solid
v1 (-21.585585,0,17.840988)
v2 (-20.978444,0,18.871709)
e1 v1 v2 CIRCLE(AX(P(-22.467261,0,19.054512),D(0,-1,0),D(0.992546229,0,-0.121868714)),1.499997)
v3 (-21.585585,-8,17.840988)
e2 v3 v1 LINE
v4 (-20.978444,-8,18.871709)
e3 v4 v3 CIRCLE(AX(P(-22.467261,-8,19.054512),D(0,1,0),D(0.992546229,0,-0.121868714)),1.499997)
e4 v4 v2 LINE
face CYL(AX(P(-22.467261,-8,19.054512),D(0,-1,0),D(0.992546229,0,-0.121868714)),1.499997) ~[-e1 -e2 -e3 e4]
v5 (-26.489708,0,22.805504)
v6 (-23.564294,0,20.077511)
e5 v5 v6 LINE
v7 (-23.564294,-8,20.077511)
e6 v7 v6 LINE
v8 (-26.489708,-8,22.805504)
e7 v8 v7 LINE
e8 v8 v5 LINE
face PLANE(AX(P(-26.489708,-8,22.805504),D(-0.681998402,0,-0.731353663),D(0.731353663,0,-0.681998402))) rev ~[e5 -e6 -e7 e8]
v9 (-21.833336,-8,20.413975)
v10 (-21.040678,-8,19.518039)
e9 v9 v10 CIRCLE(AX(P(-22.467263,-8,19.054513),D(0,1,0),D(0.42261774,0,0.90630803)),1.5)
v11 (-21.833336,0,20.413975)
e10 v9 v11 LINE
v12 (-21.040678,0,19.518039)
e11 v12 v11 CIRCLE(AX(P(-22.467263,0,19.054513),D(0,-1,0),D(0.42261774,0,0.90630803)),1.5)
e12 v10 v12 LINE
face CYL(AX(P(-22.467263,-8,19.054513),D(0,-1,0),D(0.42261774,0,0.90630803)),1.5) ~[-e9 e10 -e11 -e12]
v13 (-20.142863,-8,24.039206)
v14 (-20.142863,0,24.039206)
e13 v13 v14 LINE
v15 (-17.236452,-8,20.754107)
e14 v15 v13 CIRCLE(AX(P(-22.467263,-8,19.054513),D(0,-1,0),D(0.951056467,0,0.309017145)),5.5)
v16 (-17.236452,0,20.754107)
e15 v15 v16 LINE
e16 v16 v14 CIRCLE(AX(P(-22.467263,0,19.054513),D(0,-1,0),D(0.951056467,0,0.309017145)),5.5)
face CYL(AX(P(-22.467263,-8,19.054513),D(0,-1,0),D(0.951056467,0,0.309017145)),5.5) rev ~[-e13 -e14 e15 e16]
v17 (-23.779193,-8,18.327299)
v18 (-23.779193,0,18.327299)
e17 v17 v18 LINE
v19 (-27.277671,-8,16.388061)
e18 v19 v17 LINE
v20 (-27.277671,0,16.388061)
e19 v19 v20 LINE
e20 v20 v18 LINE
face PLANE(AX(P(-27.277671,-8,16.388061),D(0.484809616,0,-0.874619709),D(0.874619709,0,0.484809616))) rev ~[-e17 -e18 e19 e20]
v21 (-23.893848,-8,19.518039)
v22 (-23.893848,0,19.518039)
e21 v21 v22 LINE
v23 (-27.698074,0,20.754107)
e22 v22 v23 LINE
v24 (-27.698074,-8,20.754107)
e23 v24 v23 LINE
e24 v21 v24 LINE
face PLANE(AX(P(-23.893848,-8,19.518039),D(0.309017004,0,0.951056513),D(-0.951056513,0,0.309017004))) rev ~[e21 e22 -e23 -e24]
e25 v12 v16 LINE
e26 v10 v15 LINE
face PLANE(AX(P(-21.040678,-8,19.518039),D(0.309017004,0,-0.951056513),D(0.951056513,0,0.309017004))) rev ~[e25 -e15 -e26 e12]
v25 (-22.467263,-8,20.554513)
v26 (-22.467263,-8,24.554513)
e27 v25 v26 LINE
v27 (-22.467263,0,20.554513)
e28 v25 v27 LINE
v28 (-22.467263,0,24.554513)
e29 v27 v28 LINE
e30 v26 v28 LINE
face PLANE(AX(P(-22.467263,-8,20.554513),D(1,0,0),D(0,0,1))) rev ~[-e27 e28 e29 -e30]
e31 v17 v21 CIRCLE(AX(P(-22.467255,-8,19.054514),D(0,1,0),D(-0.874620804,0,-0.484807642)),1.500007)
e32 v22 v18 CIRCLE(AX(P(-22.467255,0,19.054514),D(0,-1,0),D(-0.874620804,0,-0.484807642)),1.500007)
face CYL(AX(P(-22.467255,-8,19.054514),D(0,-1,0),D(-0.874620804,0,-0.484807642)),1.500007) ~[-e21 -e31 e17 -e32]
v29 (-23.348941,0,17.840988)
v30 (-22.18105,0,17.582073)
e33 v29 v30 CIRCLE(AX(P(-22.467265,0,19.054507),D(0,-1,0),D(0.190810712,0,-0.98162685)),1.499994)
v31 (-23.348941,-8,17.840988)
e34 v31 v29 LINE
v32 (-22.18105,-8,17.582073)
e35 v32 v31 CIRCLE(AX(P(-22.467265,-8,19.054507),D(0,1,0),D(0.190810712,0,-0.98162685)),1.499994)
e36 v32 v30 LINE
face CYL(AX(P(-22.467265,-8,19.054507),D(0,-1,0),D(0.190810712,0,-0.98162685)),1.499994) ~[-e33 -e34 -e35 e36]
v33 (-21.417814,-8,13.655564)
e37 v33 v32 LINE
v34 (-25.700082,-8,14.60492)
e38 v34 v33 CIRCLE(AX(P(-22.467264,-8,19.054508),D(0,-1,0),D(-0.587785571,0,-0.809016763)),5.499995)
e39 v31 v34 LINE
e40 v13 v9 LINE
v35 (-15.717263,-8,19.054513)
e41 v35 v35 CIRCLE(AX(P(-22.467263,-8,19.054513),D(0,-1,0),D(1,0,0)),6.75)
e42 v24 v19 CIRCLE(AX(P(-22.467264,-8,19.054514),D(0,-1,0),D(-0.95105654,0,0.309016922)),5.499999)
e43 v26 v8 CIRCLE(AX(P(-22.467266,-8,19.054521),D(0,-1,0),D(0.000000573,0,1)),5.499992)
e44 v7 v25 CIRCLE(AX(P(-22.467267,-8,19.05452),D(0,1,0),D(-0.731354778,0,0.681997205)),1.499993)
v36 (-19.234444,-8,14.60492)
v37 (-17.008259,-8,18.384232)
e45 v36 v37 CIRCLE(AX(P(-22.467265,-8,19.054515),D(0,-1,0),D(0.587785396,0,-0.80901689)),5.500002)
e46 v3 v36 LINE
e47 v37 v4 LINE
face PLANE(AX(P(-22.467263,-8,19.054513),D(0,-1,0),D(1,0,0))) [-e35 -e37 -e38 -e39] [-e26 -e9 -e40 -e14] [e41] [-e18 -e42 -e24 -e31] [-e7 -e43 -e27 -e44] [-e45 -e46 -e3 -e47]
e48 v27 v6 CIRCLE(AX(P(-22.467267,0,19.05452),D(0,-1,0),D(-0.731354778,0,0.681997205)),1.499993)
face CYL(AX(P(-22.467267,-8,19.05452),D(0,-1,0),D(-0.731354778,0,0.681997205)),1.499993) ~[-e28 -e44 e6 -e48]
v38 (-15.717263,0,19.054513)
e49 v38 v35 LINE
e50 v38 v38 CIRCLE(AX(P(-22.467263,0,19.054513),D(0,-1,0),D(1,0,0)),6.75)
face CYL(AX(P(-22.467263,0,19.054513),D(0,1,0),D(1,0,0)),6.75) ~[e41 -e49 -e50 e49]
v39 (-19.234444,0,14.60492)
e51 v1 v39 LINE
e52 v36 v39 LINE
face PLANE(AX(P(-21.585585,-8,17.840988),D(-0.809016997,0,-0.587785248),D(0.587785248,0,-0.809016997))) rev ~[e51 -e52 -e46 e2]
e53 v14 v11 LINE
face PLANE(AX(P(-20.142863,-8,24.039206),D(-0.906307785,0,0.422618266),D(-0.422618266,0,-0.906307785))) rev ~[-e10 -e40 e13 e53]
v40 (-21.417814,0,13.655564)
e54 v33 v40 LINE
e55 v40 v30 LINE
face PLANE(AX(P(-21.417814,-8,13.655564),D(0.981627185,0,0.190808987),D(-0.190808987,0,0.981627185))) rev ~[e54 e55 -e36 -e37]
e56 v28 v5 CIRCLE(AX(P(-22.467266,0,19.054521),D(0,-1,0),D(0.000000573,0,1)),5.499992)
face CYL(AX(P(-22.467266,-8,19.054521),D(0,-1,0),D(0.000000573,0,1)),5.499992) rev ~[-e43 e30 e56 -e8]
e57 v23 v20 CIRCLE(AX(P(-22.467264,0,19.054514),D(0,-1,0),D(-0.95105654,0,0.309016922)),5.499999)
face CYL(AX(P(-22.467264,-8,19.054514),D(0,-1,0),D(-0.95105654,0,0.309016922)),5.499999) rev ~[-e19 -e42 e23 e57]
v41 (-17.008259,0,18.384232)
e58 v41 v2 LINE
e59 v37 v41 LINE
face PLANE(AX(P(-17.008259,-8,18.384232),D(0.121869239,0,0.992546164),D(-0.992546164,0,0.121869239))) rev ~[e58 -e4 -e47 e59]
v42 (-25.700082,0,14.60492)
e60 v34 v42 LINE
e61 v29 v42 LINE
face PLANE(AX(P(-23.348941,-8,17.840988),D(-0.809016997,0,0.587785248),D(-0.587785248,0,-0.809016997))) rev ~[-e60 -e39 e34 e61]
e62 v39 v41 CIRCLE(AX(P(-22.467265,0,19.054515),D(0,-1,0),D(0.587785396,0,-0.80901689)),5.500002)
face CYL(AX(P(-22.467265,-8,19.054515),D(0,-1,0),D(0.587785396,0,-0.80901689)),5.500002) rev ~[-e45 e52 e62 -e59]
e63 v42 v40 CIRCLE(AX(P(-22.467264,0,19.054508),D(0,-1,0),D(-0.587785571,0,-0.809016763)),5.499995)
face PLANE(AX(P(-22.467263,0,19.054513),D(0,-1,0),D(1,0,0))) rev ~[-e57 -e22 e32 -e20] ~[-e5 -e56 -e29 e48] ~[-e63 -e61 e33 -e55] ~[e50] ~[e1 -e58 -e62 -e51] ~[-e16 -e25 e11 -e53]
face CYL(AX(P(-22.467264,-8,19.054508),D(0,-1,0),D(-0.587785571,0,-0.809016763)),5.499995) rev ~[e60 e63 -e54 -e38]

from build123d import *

# Parameters (mm, degrees)
F0_R     = 6.75
F1_DEPTH = 8
F3_DEPTH = 8.001


with BuildPart() as f1:
    # F0 (on Front) → F1 (new body)
    with BuildSketch(Plane.XZ):
        with Locations((-22.467263, 19.054513)):
            Circle(F0_R)
    extrude(amount=F1_DEPTH)

    # F2 (on face) → F3 (cut, through all)
    with BuildSketch(Plane.XZ.offset(8)):
        with BuildLine():
            Line((-22.467263, 20.554513), (-22.467263, 24.554513))
            ThreePointArc((-22.467263, 24.554513), (-24.660383, 24.098344), (-26.489708, 22.805504))
            Line((-26.489708, 22.805504), (-23.564294, 20.077511))
            ThreePointArc((-23.564294, 20.077511), (-23.065387, 20.430104), (-22.467263, 20.554513))
        make_face()
        with BuildLine():
            Line((-21.040678, 19.518039), (-17.236452, 20.754107))
            ThreePointArc((-17.236452, 20.754107), (-18.348007, 22.698924), (-20.142863, 24.039206))
            Line((-20.142863, 24.039206), (-21.833336, 20.413975))
            ThreePointArc((-21.833336, 20.413975), (-21.343829, 20.048443), (-21.040678, 19.518039))
        make_face()
        with BuildLine():
            ThreePointArc((-19.234444, 14.60492), (-17.728303, 16.263052), (-17.008259, 18.384232))
            Line((-17.008259, 18.384232), (-20.978444, 18.871709))
            ThreePointArc((-20.978444, 18.871709), (-21.174819, 18.293206), (-21.585585, 17.840988))
            Line((-21.585585, 17.840988), (-19.234444, 14.60492))
        make_face()
        with BuildLine():
            ThreePointArc((-25.700082, 14.60492), (-23.657681, 13.684885), (-21.417814, 13.655564))
            Line((-21.417814, 13.655564), (-22.18105, 17.582073))
            ThreePointArc((-22.18105, 17.582073), (-22.791922, 17.590069), (-23.348941, 17.840988))
            Line((-23.348941, 17.840988), (-25.700082, 14.60492))
        make_face()
        with BuildLine():
            Line((-23.893848, 19.518039), (-27.698074, 20.754107))
            ThreePointArc((-27.698074, 20.754107), (-27.941942, 18.527362), (-27.277671, 16.388061))
            Line((-27.277671, 16.388061), (-23.779193, 18.327299))
            ThreePointArc((-23.779193, 18.327299), (-23.960357, 18.910745), (-23.893848, 19.518039))
        make_face()
    extrude(amount=-F3_DEPTH, mode=Mode.SUBTRACT)


solid = f1.part
